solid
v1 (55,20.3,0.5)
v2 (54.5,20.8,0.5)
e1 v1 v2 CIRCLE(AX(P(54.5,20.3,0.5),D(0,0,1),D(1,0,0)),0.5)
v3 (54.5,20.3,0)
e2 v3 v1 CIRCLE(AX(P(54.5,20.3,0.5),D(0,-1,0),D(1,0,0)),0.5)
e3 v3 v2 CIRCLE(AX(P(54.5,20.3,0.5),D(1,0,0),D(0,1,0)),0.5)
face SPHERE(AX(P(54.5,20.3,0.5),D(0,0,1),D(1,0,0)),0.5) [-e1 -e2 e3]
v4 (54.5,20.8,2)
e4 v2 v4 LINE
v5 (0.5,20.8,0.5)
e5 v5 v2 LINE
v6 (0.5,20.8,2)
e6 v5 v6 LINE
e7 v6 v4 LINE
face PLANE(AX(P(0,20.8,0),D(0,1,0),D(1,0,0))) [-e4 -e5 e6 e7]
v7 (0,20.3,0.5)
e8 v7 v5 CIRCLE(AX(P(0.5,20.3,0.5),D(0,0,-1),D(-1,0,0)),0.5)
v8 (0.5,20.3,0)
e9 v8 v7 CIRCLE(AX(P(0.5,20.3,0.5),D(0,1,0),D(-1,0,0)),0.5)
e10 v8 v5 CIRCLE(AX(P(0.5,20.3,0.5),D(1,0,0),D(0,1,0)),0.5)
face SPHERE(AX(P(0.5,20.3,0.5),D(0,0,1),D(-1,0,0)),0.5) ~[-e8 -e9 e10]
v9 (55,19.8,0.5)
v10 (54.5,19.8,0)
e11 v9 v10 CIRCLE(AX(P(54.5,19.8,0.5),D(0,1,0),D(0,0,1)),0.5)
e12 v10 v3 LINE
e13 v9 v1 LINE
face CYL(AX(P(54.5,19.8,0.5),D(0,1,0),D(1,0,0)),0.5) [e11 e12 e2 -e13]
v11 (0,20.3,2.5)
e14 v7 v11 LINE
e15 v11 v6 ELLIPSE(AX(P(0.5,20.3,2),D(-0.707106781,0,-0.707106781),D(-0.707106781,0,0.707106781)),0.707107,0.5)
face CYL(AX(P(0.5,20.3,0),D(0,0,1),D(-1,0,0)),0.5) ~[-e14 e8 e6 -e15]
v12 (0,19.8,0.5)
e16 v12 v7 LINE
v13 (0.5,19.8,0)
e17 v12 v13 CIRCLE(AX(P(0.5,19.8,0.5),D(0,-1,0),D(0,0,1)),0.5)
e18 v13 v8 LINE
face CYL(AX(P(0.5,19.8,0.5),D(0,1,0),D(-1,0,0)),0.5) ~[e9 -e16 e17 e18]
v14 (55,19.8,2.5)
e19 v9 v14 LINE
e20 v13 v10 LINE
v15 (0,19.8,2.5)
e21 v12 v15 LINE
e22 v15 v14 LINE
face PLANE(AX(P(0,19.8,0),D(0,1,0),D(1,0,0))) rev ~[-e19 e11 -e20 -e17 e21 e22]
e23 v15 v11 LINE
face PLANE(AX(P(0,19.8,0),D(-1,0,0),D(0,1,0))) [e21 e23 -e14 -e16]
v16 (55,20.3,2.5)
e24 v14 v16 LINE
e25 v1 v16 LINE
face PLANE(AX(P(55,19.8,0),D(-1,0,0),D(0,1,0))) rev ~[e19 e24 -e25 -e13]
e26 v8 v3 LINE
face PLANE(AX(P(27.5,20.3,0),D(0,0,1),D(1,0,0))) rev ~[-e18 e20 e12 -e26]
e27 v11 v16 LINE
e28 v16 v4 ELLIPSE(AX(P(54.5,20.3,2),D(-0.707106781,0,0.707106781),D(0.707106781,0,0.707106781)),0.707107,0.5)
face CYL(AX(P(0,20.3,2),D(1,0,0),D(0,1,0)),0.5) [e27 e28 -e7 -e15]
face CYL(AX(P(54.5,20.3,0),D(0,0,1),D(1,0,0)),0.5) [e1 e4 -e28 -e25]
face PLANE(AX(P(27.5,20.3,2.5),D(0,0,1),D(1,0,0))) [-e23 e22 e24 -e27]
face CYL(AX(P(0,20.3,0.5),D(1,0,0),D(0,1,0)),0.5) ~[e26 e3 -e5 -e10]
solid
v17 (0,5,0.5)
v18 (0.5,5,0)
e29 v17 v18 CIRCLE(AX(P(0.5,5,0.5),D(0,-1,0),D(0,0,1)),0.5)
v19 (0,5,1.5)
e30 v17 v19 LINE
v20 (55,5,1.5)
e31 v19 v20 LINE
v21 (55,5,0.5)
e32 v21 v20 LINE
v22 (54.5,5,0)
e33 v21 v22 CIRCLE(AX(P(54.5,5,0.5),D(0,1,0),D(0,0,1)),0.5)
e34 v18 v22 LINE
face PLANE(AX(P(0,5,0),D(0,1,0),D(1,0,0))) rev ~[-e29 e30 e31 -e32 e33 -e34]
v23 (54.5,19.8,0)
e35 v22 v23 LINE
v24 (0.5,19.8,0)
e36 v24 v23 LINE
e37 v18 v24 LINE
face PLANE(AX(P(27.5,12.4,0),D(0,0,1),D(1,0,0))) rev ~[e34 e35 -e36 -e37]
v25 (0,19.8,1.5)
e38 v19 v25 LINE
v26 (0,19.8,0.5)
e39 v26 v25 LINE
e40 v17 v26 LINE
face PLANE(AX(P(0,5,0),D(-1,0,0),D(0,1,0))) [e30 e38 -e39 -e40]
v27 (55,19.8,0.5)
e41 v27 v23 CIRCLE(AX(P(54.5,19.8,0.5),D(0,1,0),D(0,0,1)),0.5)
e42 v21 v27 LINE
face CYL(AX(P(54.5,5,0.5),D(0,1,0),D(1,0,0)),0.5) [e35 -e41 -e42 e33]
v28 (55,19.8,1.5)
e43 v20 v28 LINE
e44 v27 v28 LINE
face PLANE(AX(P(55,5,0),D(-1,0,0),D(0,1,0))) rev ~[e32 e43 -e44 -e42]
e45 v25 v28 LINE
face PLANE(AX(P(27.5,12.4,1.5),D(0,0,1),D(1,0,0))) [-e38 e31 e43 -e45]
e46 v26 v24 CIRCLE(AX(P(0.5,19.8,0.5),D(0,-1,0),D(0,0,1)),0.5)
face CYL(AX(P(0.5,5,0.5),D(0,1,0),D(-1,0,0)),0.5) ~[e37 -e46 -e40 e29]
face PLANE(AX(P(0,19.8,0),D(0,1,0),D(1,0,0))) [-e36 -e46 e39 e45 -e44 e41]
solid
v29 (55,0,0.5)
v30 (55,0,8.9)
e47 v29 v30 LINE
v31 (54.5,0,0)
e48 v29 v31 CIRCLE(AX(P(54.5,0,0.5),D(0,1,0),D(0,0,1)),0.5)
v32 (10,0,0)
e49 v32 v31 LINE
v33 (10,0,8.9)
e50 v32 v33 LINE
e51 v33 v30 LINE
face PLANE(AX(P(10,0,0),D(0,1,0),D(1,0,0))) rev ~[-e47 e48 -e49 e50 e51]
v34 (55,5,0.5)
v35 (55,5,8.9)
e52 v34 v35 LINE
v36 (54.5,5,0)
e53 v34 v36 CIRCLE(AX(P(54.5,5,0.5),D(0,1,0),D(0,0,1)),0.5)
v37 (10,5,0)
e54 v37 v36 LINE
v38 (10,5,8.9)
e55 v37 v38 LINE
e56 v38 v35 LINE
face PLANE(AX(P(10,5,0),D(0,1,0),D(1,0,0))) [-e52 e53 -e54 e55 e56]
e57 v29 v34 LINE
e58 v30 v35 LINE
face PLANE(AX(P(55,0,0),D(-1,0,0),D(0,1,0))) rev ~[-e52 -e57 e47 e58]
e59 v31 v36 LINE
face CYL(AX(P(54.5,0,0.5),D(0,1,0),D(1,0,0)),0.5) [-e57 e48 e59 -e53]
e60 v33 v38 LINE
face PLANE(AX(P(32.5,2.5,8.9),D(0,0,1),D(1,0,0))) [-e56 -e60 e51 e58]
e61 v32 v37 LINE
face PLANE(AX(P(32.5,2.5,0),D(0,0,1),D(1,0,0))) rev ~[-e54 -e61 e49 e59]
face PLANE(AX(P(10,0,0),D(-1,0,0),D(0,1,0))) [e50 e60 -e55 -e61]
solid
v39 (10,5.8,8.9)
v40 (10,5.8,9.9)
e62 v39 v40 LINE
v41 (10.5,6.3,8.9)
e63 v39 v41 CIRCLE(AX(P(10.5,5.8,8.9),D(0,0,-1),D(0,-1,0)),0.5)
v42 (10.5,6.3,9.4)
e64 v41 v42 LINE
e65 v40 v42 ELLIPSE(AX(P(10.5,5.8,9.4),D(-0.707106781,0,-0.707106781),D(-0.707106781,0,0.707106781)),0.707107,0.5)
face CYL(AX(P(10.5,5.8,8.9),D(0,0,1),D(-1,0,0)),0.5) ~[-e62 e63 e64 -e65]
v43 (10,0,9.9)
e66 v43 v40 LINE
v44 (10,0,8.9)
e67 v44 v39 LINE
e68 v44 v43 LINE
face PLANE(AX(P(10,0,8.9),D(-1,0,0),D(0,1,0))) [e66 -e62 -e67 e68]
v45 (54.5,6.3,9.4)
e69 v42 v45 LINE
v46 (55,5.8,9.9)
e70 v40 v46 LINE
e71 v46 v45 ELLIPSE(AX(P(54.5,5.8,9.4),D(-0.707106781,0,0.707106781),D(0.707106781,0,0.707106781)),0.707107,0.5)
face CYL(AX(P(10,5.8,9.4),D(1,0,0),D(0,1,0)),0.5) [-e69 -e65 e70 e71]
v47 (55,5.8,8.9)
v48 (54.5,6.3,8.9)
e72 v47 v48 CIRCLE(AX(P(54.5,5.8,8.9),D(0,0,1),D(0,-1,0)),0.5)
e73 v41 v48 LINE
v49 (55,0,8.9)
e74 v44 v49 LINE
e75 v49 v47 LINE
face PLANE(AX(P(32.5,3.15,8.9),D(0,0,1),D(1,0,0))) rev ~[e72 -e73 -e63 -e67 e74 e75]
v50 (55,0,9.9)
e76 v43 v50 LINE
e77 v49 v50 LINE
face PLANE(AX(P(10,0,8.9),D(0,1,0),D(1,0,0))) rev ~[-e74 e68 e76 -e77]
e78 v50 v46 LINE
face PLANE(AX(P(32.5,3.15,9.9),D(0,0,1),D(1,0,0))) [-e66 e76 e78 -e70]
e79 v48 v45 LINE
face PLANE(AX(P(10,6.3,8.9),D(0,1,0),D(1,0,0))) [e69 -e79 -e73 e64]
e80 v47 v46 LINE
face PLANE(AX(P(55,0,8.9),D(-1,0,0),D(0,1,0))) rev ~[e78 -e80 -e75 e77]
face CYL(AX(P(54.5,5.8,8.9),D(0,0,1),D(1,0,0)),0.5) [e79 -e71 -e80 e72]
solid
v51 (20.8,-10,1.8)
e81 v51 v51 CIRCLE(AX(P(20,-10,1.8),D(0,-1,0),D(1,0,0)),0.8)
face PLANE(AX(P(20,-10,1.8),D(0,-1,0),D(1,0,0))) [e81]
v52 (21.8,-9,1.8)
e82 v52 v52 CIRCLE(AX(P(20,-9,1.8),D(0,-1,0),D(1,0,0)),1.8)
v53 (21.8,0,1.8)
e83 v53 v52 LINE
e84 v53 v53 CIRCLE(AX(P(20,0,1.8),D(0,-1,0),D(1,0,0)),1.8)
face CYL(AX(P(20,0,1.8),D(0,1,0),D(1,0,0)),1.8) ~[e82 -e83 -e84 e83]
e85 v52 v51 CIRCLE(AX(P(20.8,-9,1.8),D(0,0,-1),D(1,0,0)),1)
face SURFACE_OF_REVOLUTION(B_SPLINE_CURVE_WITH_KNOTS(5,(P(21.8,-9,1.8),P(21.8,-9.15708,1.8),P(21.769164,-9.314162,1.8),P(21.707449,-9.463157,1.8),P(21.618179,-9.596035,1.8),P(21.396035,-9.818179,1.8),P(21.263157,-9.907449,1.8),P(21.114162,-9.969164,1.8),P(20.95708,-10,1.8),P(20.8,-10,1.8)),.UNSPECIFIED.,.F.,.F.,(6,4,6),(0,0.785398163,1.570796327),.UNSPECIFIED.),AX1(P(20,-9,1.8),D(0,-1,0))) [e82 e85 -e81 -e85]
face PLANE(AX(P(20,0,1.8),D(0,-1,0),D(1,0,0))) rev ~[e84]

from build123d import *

# Parameters (mm, degrees)
CYLINDER_R     = 1.8
CYLINDER_DEPTH = 10
FILLET_R       = 1
BOX002_W       = 55
BOX002_H       = 1
BOX002_DEPTH   = 2.5
FILLET001_R    = 0.5
BOX001_W       = 55
BOX001_H       = 14.8
BOX001_DEPTH   = 1.5
FILLET003_R    = 0.5
BOX_W          = 45
BOX_H          = 5
BOX_DEPTH      = 8.9
FILLET004_R    = 0.5
BOX003_W       = 45
BOX003_H       = 6.3
BOX003_DEPTH   = 1
FILLET005_R    = 0.5


with BuildPart() as fillet_body:
    # Cylinder → Cylinder (new body)
    with BuildSketch(Plane(origin=(20, 0, 1.8), x_dir=(1, 0, 0), z_dir=(0, -1, 0))):
        Circle(CYLINDER_R)
    extrude(amount=CYLINDER_DEPTH)

    # Fillet
    fillet_edges = [fillet_body.edges().sort_by_distance(p)[0] for p in [
        (18.2, -10, 1.8),
    ]]
    fillet(fillet_edges, radius=FILLET_R)


with BuildPart() as fillet001:
    # Box002 → Box002 (new body)
    with BuildSketch(Plane(origin=(0, 19.8, 0), x_dir=(1, 0, 0), z_dir=(0, 0, 1))):
        with Locations((27.5, 0.5)):
            Rectangle(BOX002_W, BOX002_H)
    extrude(amount=BOX002_DEPTH)

    # Fillet001
    fillet001_edges = [fillet001.edges().sort_by_distance(p)[0] for p in [
        (0, 20.8, 1.25),
        (0, 20.3, 0),
        (55, 20.8, 1.25),
        (55, 20.3, 0),
        (27.5, 20.8, 0),
        (27.5, 20.8, 2.5),
    ]]
    fillet(fillet001_edges, radius=FILLET001_R)


with BuildPart() as fillet003:
    # Box001 → Box001 (new body)
    with BuildSketch(Plane(origin=(0, 5, 0), x_dir=(1, 0, 0), z_dir=(0, 0, 1))):
        with Locations((27.5, 7.4)):
            Rectangle(BOX001_W, BOX001_H)
    extrude(amount=BOX001_DEPTH)

    # Fillet003
    fillet003_edges = [fillet003.edges().sort_by_distance(p)[0] for p in [
        (0, 12.4, 0),
        (55, 12.4, 0),
    ]]
    fillet(fillet003_edges, radius=FILLET003_R)


with BuildPart() as fillet004:
    # Box → Box (new body)
    with BuildSketch(Plane(origin=(10, 0, 0), x_dir=(1, 0, 0), z_dir=(0, 0, 1))):
        with Locations((22.5, 2.5)):
            Rectangle(BOX_W, BOX_H)
    extrude(amount=BOX_DEPTH)

    # Fillet004
    fillet004_edges = [fillet004.edges().sort_by_distance(p)[0] for p in [
        (55, 2.5, 0),
    ]]
    fillet(fillet004_edges, radius=FILLET004_R)


with BuildPart() as fillet005:
    # Box003 → Box003 (new body)
    with BuildSketch(Plane(origin=(10, 0, 8.9), x_dir=(1, 0, 0), z_dir=(0, 0, 1))):
        with Locations((22.5, 3.15)):
            Rectangle(BOX003_W, BOX003_H)
    extrude(amount=BOX003_DEPTH)

    # Fillet005
    fillet005_edges = [fillet005.edges().sort_by_distance(p)[0] for p in [
        (10, 6.3, 9.4),
        (55, 6.3, 9.4),
        (32.5, 6.3, 9.9),
    ]]
    fillet(fillet005_edges, radius=FILLET005_R)


solid = Compound([fillet_body.part, fillet001.part, fillet003.part, fillet004.part, fillet005.part])
